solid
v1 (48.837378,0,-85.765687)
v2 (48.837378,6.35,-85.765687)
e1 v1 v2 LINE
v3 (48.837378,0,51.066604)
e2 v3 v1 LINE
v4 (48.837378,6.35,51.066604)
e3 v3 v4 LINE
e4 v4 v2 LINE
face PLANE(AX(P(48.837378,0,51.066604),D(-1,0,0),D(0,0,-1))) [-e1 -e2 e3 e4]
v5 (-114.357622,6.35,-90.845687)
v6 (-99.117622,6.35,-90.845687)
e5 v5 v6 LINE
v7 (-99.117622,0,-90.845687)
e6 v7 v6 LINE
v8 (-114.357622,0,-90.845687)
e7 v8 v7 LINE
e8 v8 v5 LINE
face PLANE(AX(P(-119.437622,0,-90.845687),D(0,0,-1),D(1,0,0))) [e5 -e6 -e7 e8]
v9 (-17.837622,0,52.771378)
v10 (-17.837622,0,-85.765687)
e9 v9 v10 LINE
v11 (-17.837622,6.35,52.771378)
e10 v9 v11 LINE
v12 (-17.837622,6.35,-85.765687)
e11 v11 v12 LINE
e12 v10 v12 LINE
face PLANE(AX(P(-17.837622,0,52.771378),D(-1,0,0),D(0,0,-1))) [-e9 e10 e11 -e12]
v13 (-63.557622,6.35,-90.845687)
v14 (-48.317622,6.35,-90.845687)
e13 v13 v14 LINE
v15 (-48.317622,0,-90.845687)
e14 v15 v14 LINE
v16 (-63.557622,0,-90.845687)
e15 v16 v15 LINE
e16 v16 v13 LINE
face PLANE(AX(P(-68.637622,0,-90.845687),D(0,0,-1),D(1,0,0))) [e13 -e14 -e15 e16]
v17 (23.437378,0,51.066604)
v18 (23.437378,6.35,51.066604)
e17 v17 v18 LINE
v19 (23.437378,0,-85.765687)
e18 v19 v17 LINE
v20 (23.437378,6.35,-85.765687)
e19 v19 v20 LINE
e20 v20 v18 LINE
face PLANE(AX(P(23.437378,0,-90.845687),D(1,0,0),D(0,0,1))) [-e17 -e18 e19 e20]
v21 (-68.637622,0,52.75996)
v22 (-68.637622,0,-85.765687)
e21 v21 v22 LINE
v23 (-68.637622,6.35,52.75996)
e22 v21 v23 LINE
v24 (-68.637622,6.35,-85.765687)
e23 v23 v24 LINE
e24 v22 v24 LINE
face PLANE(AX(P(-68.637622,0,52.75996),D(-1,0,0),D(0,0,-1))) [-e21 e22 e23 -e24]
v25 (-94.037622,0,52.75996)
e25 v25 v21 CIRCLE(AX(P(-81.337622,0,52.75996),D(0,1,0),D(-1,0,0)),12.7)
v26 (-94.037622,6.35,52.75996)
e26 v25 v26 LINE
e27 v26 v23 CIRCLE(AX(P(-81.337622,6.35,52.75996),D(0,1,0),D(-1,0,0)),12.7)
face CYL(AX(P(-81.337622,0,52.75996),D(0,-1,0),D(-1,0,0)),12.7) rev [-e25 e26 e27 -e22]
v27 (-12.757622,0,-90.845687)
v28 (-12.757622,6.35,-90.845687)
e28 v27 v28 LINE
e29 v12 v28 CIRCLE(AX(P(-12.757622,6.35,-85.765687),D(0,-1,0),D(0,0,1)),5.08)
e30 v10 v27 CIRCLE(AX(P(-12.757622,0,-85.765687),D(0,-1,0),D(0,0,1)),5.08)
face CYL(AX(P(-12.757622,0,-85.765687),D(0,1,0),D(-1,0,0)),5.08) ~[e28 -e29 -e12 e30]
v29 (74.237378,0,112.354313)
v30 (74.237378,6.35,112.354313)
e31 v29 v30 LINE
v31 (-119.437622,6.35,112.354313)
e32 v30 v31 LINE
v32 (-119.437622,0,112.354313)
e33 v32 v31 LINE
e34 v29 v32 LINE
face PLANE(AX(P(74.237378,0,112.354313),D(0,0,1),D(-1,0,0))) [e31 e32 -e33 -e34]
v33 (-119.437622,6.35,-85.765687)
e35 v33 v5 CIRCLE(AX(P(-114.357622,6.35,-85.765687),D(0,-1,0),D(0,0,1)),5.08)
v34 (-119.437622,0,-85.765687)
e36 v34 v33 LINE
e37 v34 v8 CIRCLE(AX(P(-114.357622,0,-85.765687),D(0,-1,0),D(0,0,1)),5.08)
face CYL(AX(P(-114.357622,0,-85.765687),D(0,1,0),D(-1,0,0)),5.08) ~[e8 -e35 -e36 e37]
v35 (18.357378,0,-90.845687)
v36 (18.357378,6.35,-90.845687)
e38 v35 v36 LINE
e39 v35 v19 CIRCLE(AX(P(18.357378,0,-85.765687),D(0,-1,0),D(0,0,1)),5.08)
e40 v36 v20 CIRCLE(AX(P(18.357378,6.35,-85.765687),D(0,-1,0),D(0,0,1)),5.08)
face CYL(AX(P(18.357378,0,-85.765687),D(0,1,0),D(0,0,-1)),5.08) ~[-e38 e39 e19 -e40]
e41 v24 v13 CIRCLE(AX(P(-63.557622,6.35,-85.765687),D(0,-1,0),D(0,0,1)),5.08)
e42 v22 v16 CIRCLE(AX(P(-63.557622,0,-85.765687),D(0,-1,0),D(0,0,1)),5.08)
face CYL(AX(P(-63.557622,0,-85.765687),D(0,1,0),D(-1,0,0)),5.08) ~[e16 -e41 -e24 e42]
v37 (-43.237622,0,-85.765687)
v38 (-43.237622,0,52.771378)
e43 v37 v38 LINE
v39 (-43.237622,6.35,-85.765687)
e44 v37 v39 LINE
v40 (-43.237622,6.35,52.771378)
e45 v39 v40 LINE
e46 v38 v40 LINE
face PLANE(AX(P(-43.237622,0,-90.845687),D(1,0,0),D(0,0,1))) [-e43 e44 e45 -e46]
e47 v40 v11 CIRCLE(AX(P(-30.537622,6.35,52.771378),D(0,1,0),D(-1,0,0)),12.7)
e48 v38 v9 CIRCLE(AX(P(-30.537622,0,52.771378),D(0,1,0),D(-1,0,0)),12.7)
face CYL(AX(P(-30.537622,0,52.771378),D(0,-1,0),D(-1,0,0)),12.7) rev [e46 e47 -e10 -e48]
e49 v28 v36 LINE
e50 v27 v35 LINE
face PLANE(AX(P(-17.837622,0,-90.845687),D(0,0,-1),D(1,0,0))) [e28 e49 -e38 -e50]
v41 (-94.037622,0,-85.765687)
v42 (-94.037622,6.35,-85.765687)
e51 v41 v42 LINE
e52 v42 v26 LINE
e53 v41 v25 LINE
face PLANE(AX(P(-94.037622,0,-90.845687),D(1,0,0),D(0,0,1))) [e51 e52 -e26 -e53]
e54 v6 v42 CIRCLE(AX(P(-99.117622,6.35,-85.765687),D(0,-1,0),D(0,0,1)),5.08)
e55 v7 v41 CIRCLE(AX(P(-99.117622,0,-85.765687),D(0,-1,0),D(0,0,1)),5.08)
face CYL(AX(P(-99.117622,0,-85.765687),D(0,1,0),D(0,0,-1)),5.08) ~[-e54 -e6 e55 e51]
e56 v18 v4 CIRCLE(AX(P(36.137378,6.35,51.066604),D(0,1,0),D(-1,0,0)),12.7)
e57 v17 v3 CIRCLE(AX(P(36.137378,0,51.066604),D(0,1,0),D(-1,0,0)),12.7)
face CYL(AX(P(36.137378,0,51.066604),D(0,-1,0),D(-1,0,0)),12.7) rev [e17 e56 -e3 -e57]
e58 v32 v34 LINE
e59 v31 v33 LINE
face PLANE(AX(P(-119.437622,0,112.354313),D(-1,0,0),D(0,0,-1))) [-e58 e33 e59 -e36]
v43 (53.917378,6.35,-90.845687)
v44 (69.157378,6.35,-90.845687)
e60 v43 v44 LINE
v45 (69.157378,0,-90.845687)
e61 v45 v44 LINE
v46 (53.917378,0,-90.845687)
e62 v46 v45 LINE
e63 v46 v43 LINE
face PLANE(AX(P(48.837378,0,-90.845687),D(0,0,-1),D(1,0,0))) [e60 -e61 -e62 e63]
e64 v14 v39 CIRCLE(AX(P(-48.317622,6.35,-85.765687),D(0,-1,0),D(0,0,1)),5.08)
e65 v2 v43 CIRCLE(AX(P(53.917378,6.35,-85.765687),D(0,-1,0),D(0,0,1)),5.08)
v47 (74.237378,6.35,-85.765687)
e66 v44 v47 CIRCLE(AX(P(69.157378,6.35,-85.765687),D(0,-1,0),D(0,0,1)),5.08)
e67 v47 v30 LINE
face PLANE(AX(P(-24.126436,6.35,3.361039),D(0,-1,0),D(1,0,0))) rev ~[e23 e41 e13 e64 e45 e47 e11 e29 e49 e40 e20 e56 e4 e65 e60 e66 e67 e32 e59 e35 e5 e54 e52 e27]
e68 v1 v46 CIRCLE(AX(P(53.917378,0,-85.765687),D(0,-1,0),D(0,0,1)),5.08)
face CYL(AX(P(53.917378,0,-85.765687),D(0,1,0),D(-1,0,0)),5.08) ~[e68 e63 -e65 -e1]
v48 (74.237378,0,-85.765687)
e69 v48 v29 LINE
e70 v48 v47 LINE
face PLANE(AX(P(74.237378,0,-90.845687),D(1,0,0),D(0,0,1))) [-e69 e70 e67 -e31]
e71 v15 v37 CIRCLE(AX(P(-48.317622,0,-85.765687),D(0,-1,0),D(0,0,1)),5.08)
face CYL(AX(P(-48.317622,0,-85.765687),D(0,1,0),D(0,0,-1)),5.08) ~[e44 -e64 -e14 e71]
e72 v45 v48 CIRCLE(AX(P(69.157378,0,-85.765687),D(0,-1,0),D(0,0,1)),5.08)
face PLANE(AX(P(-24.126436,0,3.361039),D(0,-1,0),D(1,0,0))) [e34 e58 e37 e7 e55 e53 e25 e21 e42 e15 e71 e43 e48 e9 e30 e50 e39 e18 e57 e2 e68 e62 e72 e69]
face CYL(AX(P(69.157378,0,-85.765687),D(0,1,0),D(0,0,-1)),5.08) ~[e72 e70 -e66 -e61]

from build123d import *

# Parameters (mm, degrees)
F1_DEPTH = 6.35
F2_R     = 5.08


with BuildPart() as f1:
    # F0 (on Front) → F1 (new body)
    with BuildSketch(Plane.XZ):
        with BuildLine():
            Line((74.237378, 112.354313), (-119.437622, 112.354313))
            Line((-119.437622, 112.354313), (-119.437622, -90.845687))
            Line((-119.437622, -90.845687), (-94.037622, -90.845687))
            Line((-94.037622, -90.845687), (-94.037622, 52.75996))
            ThreePointArc((-94.037622, 52.75996), (-81.337622, 65.45996), (-68.637622, 52.75996))
            Line((-68.637622, 52.75996), (-68.637622, -90.845687))
            Line((-68.637622, -90.845687), (-43.237622, -90.845687))
            Line((-43.237622, -90.845687), (-43.237622, 52.771378))
            ThreePointArc((-43.237622, 52.771378), (-30.537622, 65.471378), (-17.837622, 52.771378))
            Line((-17.837622, 52.771378), (-17.837622, -90.845687))
            Line((-17.837622, -90.845687), (23.437378, -90.845687))
            Line((23.437378, -90.845687), (23.437378, 51.066604))
            ThreePointArc((23.437378, 51.066604), (36.137378, 63.766604), (48.837378, 51.066604))
            Line((48.837378, 51.066604), (48.837378, -90.845687))
            Line((48.837378, -90.845687), (74.237378, -90.845687))
            Line((74.237378, -90.845687), (74.237378, 112.354313))
        make_face()
    extrude(amount=-F1_DEPTH)

    # F2
    f2_edges = [f1.edges().sort_by_distance(p)[0] for p in [
        (-94.037622, 3.175, -90.845687),
        (-68.637622, 3.175, -90.845687),
        (-43.237622, 3.175, -90.845687),
        (-17.837622, 3.175, -90.845687),
        (23.437378, 3.175, -90.845687),
        (48.837378, 3.175, -90.845687),
        (74.237378, 3.175, -90.845687),
        (-119.437622, 3.175, -90.845687),
    ]]
    fillet(f2_edges, radius=F2_R)


solid = f1.part
